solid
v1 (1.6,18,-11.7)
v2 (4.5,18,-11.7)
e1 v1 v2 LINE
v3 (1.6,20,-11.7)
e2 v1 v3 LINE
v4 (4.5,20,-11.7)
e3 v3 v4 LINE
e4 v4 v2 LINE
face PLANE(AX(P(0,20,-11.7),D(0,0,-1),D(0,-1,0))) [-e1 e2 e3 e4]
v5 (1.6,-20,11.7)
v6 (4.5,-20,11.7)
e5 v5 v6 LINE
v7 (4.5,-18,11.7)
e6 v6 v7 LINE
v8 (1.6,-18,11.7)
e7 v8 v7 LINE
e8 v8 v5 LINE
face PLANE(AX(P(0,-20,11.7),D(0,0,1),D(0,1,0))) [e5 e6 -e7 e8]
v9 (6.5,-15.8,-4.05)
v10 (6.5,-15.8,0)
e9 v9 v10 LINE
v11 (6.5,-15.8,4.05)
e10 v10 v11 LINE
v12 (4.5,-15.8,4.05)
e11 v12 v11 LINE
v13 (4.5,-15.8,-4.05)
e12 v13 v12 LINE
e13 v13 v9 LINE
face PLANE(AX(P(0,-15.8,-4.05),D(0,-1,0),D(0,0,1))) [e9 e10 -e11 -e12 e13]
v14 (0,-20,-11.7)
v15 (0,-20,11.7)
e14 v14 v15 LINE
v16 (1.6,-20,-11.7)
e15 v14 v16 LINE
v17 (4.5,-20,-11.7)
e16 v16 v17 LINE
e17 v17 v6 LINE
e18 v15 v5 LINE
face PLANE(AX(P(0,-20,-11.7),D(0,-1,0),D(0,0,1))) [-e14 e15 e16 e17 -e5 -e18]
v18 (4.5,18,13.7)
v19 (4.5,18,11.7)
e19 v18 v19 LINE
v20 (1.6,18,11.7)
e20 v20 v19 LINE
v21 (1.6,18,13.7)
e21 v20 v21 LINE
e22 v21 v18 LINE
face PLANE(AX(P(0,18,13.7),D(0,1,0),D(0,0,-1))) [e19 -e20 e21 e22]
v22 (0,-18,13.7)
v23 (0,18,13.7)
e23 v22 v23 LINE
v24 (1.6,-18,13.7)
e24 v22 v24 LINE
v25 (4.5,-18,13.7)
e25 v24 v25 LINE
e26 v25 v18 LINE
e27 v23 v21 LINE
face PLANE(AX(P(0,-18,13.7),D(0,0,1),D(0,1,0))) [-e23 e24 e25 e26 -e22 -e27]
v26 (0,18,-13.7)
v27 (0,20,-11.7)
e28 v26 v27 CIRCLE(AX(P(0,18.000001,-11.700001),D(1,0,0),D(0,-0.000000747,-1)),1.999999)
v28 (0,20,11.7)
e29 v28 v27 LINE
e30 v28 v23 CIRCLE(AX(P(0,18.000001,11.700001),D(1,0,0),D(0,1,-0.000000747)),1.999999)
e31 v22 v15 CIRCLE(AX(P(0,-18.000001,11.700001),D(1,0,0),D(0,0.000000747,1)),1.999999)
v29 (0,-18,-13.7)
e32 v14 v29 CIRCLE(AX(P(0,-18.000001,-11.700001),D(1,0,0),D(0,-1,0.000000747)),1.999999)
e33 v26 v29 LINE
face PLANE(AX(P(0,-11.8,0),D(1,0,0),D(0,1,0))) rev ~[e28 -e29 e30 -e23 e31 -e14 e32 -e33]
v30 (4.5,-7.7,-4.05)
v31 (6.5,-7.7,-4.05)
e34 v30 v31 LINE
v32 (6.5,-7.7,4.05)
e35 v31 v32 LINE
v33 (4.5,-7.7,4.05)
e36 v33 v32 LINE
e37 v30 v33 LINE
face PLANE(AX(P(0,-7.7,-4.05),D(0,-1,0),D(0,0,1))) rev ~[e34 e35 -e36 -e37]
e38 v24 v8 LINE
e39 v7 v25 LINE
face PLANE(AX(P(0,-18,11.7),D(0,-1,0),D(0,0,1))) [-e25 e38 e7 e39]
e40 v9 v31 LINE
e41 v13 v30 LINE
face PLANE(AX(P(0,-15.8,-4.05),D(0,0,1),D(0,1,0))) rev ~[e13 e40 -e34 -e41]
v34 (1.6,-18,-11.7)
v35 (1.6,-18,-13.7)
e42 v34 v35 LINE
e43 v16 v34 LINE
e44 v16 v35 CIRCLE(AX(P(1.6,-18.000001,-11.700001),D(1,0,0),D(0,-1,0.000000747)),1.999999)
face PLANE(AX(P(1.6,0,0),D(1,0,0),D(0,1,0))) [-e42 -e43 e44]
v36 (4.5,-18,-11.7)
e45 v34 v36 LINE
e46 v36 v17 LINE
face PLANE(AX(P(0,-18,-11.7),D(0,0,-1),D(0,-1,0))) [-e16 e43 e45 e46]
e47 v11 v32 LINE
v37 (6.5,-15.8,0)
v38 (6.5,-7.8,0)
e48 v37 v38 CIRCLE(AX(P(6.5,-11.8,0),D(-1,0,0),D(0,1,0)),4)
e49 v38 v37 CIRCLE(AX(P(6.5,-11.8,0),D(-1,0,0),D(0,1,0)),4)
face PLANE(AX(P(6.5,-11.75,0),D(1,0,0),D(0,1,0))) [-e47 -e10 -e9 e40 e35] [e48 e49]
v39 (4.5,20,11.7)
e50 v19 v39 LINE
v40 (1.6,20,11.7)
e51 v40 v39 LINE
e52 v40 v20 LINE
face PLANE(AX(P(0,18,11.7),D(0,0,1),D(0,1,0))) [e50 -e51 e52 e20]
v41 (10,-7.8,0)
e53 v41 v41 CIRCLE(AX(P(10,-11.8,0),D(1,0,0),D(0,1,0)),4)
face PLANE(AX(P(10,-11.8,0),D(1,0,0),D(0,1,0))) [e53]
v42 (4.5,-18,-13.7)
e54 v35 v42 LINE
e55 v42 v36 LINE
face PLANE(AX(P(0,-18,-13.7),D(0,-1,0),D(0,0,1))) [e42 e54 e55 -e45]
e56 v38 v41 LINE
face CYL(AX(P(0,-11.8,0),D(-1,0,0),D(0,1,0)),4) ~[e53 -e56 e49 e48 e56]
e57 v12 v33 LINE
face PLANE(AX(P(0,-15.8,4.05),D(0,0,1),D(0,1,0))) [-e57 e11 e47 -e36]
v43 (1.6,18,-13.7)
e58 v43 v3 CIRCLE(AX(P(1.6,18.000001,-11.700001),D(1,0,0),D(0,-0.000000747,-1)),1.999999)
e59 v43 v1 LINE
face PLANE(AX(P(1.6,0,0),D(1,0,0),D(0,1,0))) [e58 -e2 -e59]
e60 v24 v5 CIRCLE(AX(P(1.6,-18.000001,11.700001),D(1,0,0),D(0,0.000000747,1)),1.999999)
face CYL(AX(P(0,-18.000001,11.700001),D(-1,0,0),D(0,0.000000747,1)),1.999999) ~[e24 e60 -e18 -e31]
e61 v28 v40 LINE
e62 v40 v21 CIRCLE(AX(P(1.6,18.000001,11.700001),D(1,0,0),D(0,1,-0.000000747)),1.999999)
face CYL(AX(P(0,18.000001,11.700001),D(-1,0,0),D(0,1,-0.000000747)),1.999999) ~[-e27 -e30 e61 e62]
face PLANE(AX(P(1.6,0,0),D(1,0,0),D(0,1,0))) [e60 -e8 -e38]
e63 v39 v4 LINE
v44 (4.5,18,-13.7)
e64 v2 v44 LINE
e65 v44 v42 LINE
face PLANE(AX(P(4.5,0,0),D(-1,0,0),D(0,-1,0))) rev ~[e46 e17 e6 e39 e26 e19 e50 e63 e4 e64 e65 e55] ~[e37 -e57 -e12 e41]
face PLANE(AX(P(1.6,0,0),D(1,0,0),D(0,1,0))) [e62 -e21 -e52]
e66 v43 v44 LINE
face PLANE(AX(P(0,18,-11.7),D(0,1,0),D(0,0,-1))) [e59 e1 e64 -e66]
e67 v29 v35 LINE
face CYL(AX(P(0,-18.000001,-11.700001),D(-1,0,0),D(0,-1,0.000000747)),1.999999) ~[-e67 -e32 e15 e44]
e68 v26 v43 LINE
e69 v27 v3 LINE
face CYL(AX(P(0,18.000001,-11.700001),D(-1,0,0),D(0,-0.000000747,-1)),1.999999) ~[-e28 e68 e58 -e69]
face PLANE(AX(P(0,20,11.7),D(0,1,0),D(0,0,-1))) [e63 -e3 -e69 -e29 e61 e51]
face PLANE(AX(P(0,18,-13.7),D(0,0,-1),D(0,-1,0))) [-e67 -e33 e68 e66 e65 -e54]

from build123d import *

# Parameters (mm, degrees)
PAD002_DEPTH = 1.6
PAD003_DEPTH = 4.5
SKETCH015_W  = 8.1
SKETCH015_H  = 8.1
PAD004_DEPTH = 6.5
SKETCH016_R  = 4
PAD005_DEPTH = 10


with BuildPart() as part:
    # Sketch013 → Pad002 (new body)
    with BuildSketch(Plane.YZ):
        with BuildLine():
            ThreePointArc((-18, 13.7), (-19.414214, 13.114214), (-20, 11.7))
            Line((-20, -11.7), (-20, 11.7))
            ThreePointArc((-20, -11.7), (-19.414214, -13.114214), (-18, -13.7))
            Line((18, -13.7), (-18, -13.7))
            ThreePointArc((18, -13.7), (19.414214, -13.114214), (20, -11.7))
            Line((20, 11.7), (20, -11.7))
            ThreePointArc((20, 11.7), (19.414214, 13.114214), (18, 13.7))
            Line((-18, 13.7), (18, 13.7))
        make_face()
    extrude(amount=PAD002_DEPTH)

    # Sketch014 → Pad003 (join)
    with BuildSketch(Plane.YZ):
        Polygon((-18, 13.7), (18, 13.7), (18, 11.7), (20, 11.7), (20, -11.7), (18, -11.7), (18, -13.7), (-18, -13.7), (-18, -11.7), (-20, -11.7), (-20, 11.7), (-18, 11.7), align=None)
    extrude(amount=PAD003_DEPTH)

    # Sketch015 → Pad004 (join)
    with BuildSketch(Plane.YZ):
        with Locations((-11.75, 0)):
            Rectangle(SKETCH015_W, SKETCH015_H)
    extrude(amount=PAD004_DEPTH)

    # Sketch016 → Pad005 (join)
    with BuildSketch(Plane.YZ):
        with Locations((-11.8, 0)):
            Circle(SKETCH016_R)
    extrude(amount=PAD005_DEPTH)


solid = part.part
